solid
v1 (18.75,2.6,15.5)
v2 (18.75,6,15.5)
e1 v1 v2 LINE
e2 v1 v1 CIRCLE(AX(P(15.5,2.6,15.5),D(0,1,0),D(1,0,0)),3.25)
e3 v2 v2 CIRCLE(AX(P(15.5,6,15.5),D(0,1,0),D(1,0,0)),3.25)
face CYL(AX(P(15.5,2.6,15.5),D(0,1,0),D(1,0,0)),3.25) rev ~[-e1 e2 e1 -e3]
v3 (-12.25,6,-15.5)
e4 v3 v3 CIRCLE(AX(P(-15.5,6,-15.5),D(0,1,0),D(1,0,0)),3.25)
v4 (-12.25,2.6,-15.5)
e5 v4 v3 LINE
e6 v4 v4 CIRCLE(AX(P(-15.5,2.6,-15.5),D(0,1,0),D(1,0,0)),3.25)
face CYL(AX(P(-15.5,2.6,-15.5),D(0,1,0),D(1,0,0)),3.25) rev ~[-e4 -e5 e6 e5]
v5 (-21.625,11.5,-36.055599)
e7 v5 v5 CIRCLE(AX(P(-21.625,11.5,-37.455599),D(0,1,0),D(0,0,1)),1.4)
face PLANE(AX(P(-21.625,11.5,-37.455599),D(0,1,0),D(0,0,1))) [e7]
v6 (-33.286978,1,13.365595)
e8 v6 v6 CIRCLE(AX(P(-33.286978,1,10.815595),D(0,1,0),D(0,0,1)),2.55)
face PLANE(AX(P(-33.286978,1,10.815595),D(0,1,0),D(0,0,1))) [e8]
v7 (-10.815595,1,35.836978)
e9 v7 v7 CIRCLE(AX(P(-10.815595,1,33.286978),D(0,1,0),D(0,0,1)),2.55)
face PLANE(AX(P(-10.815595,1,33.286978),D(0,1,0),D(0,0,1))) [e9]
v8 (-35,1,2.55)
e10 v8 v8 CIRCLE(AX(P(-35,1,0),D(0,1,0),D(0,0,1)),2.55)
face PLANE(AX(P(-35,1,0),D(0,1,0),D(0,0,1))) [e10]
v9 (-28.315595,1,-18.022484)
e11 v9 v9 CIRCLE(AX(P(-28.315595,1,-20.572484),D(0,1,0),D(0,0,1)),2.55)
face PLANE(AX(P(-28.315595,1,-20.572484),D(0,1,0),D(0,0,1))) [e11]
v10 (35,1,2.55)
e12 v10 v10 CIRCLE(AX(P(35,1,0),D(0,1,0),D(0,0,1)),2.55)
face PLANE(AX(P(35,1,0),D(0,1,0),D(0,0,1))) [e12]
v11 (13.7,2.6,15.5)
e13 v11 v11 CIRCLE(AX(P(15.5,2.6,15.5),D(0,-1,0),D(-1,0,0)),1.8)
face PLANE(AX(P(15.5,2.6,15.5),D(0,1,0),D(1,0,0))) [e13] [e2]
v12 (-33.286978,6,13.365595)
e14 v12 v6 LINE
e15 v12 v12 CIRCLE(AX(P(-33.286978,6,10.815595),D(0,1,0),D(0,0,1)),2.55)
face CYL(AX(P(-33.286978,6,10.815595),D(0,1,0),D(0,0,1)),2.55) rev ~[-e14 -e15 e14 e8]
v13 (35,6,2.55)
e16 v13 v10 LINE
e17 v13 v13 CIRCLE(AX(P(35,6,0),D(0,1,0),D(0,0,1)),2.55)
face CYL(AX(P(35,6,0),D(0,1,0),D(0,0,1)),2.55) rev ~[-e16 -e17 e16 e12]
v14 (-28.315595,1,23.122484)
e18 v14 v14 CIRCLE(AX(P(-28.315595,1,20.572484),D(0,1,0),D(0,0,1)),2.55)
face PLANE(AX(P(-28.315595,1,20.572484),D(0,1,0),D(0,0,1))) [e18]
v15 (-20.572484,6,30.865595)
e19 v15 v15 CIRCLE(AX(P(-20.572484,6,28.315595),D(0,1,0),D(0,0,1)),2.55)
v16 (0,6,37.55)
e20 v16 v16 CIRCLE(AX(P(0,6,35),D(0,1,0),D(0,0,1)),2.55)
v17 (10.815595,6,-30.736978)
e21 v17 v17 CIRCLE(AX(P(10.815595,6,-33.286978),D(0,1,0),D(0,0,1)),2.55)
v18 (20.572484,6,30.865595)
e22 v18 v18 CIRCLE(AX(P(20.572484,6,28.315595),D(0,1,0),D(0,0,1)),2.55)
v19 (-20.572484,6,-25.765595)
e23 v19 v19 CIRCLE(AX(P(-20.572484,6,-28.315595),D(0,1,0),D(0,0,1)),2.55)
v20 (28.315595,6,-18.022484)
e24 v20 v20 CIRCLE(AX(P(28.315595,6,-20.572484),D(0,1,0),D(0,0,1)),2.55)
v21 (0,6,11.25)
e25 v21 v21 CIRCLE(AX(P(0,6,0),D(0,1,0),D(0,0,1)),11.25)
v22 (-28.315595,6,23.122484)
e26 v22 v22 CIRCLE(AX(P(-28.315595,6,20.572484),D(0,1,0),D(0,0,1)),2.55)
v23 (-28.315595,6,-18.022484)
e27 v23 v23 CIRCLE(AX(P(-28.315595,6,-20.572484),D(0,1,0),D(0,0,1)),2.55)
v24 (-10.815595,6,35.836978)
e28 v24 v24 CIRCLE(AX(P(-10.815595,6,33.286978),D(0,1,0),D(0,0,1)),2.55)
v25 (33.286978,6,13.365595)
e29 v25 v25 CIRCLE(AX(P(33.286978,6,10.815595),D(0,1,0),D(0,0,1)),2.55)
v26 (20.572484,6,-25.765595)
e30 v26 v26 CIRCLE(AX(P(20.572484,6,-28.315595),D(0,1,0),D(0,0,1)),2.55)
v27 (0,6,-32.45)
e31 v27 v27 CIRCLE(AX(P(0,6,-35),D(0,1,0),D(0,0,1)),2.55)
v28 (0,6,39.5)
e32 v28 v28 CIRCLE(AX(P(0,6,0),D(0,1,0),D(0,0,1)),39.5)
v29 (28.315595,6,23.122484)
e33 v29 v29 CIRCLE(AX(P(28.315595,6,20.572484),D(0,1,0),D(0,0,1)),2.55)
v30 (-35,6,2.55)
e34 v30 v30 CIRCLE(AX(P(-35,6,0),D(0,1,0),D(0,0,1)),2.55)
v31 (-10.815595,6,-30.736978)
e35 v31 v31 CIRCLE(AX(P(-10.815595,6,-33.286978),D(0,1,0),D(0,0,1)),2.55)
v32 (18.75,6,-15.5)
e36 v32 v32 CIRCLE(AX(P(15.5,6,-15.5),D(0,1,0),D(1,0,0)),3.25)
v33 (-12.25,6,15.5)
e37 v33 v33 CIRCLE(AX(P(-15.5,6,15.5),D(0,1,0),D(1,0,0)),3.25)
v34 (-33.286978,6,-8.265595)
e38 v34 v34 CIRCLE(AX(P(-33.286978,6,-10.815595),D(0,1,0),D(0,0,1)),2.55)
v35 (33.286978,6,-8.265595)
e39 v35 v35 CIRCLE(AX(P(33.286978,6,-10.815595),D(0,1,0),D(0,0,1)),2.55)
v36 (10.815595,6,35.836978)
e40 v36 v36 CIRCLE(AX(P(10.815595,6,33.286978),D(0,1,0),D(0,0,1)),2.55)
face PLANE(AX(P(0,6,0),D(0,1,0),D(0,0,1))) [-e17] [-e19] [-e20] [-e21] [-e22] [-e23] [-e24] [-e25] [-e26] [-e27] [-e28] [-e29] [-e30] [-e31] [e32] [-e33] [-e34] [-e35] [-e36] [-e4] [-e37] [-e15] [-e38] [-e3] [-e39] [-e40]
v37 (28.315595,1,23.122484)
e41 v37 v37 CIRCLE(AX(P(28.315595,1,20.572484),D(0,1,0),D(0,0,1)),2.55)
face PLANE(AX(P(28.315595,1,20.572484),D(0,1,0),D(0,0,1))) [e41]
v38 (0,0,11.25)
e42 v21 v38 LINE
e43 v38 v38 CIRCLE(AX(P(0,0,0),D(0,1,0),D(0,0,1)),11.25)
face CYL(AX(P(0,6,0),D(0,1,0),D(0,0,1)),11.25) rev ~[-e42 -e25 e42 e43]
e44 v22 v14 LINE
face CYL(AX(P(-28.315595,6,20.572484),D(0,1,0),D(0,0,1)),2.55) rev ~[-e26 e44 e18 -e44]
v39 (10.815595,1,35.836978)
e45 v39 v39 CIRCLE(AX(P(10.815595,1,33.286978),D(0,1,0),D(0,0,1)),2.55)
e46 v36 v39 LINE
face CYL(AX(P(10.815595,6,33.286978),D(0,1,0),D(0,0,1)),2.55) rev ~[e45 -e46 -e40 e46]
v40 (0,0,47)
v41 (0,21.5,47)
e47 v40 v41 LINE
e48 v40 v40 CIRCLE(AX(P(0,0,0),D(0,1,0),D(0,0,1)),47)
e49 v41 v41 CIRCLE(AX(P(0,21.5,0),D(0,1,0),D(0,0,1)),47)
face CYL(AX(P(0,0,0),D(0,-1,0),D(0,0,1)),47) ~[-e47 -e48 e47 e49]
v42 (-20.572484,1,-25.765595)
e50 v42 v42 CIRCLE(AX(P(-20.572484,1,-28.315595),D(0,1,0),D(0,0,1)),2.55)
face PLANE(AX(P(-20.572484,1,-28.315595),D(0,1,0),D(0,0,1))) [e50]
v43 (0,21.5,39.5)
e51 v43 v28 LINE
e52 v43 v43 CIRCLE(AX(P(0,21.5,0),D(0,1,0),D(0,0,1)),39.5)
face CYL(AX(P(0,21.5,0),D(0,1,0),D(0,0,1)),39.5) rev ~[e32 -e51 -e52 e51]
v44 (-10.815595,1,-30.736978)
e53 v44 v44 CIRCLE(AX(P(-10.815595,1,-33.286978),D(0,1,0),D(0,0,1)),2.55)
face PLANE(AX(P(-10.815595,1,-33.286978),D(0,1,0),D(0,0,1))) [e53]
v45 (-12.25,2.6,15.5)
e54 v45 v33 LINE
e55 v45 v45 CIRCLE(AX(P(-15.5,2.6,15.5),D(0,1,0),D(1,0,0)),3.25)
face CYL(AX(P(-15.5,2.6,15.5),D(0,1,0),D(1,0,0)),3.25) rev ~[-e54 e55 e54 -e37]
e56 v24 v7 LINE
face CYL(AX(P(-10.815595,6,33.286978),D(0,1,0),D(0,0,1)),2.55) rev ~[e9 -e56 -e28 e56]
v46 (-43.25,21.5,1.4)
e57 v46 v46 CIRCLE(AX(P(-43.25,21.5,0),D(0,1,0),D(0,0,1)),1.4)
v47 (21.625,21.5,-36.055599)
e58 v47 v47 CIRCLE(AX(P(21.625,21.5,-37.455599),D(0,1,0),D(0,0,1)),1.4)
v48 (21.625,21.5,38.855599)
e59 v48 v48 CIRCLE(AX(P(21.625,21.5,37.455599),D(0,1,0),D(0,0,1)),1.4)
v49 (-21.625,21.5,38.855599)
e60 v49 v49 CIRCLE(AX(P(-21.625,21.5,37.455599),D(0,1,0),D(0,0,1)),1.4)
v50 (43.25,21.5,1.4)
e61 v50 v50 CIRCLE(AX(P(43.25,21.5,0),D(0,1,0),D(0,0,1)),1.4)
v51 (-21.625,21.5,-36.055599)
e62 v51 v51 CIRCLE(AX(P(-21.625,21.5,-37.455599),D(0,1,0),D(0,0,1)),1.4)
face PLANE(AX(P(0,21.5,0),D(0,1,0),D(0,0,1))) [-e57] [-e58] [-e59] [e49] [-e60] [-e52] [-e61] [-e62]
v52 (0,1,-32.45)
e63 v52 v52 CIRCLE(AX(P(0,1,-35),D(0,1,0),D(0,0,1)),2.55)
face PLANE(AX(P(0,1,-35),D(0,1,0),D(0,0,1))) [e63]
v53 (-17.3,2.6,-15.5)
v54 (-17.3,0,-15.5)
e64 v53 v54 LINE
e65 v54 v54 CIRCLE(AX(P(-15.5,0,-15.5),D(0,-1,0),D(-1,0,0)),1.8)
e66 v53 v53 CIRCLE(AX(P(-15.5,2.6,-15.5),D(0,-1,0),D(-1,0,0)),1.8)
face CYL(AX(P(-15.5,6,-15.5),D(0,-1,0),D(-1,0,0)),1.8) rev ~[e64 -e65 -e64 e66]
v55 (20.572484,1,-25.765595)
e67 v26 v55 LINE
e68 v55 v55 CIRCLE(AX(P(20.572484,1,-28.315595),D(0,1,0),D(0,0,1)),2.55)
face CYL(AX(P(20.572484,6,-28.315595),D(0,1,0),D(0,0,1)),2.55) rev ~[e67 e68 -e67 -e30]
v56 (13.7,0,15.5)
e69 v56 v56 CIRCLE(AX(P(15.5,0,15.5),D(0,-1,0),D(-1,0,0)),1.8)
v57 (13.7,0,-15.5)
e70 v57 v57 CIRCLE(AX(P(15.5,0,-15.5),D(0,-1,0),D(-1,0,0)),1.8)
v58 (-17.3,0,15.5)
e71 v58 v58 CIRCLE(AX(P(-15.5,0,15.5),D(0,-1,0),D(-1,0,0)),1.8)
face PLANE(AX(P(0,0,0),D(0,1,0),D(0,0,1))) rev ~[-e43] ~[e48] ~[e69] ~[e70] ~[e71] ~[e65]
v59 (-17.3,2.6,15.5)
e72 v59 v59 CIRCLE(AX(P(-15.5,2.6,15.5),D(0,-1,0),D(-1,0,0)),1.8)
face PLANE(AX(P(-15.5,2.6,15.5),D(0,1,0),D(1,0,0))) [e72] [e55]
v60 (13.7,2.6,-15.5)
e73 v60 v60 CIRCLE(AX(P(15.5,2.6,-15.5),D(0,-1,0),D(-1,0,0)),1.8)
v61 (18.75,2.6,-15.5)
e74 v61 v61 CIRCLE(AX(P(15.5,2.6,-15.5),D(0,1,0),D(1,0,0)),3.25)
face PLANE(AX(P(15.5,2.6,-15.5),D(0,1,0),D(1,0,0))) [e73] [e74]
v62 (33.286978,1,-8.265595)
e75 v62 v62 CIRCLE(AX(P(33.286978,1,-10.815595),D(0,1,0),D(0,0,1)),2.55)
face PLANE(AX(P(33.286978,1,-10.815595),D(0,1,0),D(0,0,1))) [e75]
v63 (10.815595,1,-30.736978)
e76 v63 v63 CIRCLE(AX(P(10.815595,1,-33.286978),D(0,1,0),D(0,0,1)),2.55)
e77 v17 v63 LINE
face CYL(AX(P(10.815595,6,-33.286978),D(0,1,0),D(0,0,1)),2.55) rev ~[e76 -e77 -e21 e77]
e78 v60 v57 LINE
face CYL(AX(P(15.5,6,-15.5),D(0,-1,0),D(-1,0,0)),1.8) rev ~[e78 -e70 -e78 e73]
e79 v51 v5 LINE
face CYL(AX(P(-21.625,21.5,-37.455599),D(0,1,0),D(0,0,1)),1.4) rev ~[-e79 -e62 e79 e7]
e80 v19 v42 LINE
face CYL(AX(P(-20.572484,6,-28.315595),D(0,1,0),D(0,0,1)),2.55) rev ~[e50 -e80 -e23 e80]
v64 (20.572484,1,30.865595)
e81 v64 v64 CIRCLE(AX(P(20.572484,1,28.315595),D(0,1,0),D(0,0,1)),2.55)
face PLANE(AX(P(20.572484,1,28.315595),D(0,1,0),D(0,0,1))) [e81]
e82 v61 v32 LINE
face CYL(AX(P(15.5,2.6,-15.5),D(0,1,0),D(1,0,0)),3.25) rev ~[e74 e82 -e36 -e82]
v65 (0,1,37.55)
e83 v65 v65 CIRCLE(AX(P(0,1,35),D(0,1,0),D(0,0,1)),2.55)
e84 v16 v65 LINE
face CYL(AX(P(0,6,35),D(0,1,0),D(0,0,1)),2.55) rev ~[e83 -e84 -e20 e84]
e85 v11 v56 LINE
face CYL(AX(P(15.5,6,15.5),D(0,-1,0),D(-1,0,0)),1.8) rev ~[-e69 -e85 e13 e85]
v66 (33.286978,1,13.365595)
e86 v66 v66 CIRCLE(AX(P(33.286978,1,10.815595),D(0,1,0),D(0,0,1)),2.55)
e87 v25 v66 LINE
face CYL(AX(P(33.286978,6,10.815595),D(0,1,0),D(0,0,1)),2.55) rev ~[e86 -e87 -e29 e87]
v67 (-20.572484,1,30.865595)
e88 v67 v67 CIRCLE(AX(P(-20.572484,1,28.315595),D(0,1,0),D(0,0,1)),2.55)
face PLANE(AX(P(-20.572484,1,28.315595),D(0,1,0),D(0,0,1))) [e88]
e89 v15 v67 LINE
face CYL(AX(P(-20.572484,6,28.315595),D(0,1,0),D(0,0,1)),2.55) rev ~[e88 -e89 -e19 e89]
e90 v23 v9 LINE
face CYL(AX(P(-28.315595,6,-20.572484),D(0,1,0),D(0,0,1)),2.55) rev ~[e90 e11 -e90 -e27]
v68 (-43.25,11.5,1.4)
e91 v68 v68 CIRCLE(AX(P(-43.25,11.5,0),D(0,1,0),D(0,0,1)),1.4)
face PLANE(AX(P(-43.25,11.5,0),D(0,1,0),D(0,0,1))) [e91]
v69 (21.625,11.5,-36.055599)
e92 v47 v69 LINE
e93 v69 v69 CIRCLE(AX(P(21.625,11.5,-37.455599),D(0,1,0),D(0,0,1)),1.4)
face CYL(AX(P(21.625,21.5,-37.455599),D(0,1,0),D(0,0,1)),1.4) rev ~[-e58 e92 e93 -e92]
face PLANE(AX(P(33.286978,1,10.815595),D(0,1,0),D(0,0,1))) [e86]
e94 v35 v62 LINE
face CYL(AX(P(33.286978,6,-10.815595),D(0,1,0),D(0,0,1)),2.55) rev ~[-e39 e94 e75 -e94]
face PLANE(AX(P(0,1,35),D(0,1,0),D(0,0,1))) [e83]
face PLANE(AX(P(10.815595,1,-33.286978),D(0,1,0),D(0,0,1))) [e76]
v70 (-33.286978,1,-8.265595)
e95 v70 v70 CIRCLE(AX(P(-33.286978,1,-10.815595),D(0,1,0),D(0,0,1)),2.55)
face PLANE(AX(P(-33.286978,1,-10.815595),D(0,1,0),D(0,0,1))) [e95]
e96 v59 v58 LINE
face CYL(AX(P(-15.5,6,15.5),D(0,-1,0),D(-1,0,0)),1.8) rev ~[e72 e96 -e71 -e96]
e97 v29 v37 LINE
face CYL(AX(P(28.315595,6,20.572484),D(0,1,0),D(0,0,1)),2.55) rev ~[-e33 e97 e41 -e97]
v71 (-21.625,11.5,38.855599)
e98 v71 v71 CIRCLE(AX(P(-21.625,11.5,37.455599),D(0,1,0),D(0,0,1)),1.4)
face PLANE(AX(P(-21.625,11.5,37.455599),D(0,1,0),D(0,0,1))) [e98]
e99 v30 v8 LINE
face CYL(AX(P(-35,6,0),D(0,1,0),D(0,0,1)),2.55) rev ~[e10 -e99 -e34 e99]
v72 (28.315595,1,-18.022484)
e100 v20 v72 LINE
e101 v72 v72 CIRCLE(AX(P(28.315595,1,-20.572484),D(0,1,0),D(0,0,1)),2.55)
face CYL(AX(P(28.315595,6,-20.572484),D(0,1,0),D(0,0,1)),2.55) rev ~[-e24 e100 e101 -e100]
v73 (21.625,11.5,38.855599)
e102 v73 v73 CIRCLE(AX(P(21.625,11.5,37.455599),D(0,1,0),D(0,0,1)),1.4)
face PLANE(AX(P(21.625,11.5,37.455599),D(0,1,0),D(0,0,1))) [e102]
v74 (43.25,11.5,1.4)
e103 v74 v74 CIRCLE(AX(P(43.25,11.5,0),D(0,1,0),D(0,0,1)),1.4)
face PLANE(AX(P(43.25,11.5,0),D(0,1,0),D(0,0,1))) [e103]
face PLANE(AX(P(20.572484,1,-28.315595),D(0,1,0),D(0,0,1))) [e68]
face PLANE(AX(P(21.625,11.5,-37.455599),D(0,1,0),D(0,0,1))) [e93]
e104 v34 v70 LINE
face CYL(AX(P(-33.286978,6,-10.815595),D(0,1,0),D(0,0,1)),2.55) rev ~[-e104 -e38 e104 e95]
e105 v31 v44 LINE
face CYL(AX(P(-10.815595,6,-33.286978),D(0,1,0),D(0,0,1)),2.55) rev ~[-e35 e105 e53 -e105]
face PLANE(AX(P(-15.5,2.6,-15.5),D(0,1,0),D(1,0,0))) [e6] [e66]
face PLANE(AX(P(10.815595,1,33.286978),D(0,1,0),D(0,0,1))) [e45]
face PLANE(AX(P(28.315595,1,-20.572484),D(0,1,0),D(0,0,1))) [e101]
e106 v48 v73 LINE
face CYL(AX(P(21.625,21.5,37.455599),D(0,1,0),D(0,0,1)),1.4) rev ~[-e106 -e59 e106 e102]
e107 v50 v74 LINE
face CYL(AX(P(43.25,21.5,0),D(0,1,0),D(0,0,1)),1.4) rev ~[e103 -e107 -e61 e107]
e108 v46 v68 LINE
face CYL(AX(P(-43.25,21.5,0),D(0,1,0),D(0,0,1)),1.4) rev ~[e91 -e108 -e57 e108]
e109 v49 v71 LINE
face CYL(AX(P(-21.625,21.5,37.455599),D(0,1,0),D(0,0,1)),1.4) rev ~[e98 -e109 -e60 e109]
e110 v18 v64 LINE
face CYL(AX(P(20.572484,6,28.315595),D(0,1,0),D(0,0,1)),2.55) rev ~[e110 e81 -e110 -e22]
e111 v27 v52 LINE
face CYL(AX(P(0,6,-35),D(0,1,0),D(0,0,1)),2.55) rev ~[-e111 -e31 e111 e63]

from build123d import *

# Parameters (mm, degrees)
SKETCH1_R                     = 47
BASE_BODY_DEPTH               = 21.5
SKETCH3_R                     = 39.5
CAVITY_DEPTH                  = 15.5
SKETCH4_R                     = 11.25
MOTOR_HOLE_DEPTH              = 69.251373613
MOTOR_SCREW_HOLES_D           = 3.6
MOTOR_SCREW_HOLES_CBORE_D     = 6.5
MOTOR_SCREW_HOLES_CBORE_DEPTH = 3.4
SKETCH8_R                     = 2.55
RING_PIN_HOLES_DEPTH          = 5
SKETCH9_R                     = 1.4
CAP_SCREW_HOLES_DEPTH         = 10


with BuildPart() as part:
    # Sketch1 → Base body (new body)
    with BuildSketch(Plane(origin=(0, 0, 0), x_dir=(1, 0, 0), z_dir=(0, 1, 0))):
        with Locations(Location((0, 0, 0), (0, 0, 270))):
            Circle(SKETCH1_R)
    extrude(amount=BASE_BODY_DEPTH)

    # Sketch3 → Cavity (cut)
    with BuildSketch(Plane(origin=(0, 21.5, 0), x_dir=(1, 0, 0), z_dir=(0, 1, 0))):
        with Locations(Location((0, 0, 0), (0, 0, 270))):
            Circle(SKETCH3_R)
    extrude(amount=-CAVITY_DEPTH, mode=Mode.SUBTRACT)

    # Sketch4 → Motor hole (cut, through all)
    with BuildSketch(Plane(origin=(0, 6, 0), x_dir=(1, 0, 0), z_dir=(0, 1, 0))):
        with Locations(Location((0, 0, 0), (0, 0, 270))):
            Circle(SKETCH4_R)
    extrude(amount=-MOTOR_HOLE_DEPTH, mode=Mode.SUBTRACT)

    # Motor screw holes (through all)
    with Locations(Plane(origin=(0, 6, 0), x_dir=(1, 0, 0), z_dir=(0, 1, 0))):
        with Locations((0, 0), (-15.5, -15.5), (15.5, 15.5), (15.5, -15.5), (-15.5, 15.5)):
            CounterBoreHole(MOTOR_SCREW_HOLES_D / 2, MOTOR_SCREW_HOLES_CBORE_D / 2, MOTOR_SCREW_HOLES_CBORE_DEPTH)

    # Sketch8 → Ring pin holes (cut)
    with BuildSketch(Plane(origin=(0, 6, 0), x_dir=(1, 0, 0), z_dir=(0, 1, 0))):
        with Locations(Location((-35, 0, 0), (0, 0, 270))):
            Circle(SKETCH8_R)
        with Locations(Location((-33.28697807, 10.815594803, 0), (0, 0, 270))):
            Circle(SKETCH8_R)
        with Locations(Location((-28.315594803, 20.57248383, 0), (0, 0, 270))):
            Circle(SKETCH8_R)
        with Locations(Location((-20.57248383, 28.315594803, 0), (0, 0, 270))):
            Circle(SKETCH8_R)
        with Locations(Location((-10.815594803, 33.28697807, 0), (0, 0, 270))):
            Circle(SKETCH8_R)
        with Locations(Location((0, 35, 0), (0, 0, 270))):
            Circle(SKETCH8_R)
        with Locations(Location((10.815594803, 33.28697807, 0), (0, 0, 270))):
            Circle(SKETCH8_R)
        with Locations(Location((20.57248383, 28.315594803, 0), (0, 0, 270))):
            Circle(SKETCH8_R)
        with Locations(Location((28.315594803, 20.57248383, 0), (0, 0, 270))):
            Circle(SKETCH8_R)
        with Locations(Location((33.28697807, 10.815594803, 0), (0, 0, 270))):
            Circle(SKETCH8_R)
        with Locations(Location((35, 0, 0), (0, 0, 270))):
            Circle(SKETCH8_R)
        with Locations(Location((33.28697807, -10.815594803, 0), (0, 0, 270))):
            Circle(SKETCH8_R)
        with Locations(Location((28.315594803, -20.57248383, 0), (0, 0, 270))):
            Circle(SKETCH8_R)
        with Locations(Location((20.57248383, -28.315594803, 0), (0, 0, 270))):
            Circle(SKETCH8_R)
        with Locations(Location((10.815594803, -33.28697807, 0), (0, 0, 270))):
            Circle(SKETCH8_R)
        with Locations(Location((0, -35, 0), (0, 0, 270))):
            Circle(SKETCH8_R)
        with Locations(Location((-10.815594803, -33.28697807, 0), (0, 0, 270))):
            Circle(SKETCH8_R)
        with Locations(Location((-20.57248383, -28.315594803, 0), (0, 0, 270))):
            Circle(SKETCH8_R)
        with Locations(Location((-28.315594803, -20.57248383, 0), (0, 0, 270))):
            Circle(SKETCH8_R)
        with Locations(Location((-33.28697807, -10.815594803, 0), (0, 0, 270))):
            Circle(SKETCH8_R)
    extrude(amount=-RING_PIN_HOLES_DEPTH, mode=Mode.SUBTRACT)

    # Sketch9 → Cap screw holes (cut)
    with BuildSketch(Plane(origin=(0, 21.5, 0), x_dir=(1, 0, 0), z_dir=(0, 1, 0))):
        with Locations(Location((-43.25, 0, 0), (0, 0, 270))):
            Circle(SKETCH9_R)
        with Locations(Location((-21.625, 37.455598714, 0), (0, 0, 270))):
            Circle(SKETCH9_R)
        with Locations(Location((21.625, 37.455598714, 0), (0, 0, 270))):
            Circle(SKETCH9_R)
        with Locations(Location((43.25, 0, 0), (0, 0, 270))):
            Circle(SKETCH9_R)
        with Locations(Location((21.625, -37.455598714, 0), (0, 0, 270))):
            Circle(SKETCH9_R)
        with Locations(Location((-21.625, -37.455598714, 0), (0, 0, 270))):
            Circle(SKETCH9_R)
    extrude(amount=-CAP_SCREW_HOLES_DEPTH, mode=Mode.SUBTRACT)


solid = part.part
